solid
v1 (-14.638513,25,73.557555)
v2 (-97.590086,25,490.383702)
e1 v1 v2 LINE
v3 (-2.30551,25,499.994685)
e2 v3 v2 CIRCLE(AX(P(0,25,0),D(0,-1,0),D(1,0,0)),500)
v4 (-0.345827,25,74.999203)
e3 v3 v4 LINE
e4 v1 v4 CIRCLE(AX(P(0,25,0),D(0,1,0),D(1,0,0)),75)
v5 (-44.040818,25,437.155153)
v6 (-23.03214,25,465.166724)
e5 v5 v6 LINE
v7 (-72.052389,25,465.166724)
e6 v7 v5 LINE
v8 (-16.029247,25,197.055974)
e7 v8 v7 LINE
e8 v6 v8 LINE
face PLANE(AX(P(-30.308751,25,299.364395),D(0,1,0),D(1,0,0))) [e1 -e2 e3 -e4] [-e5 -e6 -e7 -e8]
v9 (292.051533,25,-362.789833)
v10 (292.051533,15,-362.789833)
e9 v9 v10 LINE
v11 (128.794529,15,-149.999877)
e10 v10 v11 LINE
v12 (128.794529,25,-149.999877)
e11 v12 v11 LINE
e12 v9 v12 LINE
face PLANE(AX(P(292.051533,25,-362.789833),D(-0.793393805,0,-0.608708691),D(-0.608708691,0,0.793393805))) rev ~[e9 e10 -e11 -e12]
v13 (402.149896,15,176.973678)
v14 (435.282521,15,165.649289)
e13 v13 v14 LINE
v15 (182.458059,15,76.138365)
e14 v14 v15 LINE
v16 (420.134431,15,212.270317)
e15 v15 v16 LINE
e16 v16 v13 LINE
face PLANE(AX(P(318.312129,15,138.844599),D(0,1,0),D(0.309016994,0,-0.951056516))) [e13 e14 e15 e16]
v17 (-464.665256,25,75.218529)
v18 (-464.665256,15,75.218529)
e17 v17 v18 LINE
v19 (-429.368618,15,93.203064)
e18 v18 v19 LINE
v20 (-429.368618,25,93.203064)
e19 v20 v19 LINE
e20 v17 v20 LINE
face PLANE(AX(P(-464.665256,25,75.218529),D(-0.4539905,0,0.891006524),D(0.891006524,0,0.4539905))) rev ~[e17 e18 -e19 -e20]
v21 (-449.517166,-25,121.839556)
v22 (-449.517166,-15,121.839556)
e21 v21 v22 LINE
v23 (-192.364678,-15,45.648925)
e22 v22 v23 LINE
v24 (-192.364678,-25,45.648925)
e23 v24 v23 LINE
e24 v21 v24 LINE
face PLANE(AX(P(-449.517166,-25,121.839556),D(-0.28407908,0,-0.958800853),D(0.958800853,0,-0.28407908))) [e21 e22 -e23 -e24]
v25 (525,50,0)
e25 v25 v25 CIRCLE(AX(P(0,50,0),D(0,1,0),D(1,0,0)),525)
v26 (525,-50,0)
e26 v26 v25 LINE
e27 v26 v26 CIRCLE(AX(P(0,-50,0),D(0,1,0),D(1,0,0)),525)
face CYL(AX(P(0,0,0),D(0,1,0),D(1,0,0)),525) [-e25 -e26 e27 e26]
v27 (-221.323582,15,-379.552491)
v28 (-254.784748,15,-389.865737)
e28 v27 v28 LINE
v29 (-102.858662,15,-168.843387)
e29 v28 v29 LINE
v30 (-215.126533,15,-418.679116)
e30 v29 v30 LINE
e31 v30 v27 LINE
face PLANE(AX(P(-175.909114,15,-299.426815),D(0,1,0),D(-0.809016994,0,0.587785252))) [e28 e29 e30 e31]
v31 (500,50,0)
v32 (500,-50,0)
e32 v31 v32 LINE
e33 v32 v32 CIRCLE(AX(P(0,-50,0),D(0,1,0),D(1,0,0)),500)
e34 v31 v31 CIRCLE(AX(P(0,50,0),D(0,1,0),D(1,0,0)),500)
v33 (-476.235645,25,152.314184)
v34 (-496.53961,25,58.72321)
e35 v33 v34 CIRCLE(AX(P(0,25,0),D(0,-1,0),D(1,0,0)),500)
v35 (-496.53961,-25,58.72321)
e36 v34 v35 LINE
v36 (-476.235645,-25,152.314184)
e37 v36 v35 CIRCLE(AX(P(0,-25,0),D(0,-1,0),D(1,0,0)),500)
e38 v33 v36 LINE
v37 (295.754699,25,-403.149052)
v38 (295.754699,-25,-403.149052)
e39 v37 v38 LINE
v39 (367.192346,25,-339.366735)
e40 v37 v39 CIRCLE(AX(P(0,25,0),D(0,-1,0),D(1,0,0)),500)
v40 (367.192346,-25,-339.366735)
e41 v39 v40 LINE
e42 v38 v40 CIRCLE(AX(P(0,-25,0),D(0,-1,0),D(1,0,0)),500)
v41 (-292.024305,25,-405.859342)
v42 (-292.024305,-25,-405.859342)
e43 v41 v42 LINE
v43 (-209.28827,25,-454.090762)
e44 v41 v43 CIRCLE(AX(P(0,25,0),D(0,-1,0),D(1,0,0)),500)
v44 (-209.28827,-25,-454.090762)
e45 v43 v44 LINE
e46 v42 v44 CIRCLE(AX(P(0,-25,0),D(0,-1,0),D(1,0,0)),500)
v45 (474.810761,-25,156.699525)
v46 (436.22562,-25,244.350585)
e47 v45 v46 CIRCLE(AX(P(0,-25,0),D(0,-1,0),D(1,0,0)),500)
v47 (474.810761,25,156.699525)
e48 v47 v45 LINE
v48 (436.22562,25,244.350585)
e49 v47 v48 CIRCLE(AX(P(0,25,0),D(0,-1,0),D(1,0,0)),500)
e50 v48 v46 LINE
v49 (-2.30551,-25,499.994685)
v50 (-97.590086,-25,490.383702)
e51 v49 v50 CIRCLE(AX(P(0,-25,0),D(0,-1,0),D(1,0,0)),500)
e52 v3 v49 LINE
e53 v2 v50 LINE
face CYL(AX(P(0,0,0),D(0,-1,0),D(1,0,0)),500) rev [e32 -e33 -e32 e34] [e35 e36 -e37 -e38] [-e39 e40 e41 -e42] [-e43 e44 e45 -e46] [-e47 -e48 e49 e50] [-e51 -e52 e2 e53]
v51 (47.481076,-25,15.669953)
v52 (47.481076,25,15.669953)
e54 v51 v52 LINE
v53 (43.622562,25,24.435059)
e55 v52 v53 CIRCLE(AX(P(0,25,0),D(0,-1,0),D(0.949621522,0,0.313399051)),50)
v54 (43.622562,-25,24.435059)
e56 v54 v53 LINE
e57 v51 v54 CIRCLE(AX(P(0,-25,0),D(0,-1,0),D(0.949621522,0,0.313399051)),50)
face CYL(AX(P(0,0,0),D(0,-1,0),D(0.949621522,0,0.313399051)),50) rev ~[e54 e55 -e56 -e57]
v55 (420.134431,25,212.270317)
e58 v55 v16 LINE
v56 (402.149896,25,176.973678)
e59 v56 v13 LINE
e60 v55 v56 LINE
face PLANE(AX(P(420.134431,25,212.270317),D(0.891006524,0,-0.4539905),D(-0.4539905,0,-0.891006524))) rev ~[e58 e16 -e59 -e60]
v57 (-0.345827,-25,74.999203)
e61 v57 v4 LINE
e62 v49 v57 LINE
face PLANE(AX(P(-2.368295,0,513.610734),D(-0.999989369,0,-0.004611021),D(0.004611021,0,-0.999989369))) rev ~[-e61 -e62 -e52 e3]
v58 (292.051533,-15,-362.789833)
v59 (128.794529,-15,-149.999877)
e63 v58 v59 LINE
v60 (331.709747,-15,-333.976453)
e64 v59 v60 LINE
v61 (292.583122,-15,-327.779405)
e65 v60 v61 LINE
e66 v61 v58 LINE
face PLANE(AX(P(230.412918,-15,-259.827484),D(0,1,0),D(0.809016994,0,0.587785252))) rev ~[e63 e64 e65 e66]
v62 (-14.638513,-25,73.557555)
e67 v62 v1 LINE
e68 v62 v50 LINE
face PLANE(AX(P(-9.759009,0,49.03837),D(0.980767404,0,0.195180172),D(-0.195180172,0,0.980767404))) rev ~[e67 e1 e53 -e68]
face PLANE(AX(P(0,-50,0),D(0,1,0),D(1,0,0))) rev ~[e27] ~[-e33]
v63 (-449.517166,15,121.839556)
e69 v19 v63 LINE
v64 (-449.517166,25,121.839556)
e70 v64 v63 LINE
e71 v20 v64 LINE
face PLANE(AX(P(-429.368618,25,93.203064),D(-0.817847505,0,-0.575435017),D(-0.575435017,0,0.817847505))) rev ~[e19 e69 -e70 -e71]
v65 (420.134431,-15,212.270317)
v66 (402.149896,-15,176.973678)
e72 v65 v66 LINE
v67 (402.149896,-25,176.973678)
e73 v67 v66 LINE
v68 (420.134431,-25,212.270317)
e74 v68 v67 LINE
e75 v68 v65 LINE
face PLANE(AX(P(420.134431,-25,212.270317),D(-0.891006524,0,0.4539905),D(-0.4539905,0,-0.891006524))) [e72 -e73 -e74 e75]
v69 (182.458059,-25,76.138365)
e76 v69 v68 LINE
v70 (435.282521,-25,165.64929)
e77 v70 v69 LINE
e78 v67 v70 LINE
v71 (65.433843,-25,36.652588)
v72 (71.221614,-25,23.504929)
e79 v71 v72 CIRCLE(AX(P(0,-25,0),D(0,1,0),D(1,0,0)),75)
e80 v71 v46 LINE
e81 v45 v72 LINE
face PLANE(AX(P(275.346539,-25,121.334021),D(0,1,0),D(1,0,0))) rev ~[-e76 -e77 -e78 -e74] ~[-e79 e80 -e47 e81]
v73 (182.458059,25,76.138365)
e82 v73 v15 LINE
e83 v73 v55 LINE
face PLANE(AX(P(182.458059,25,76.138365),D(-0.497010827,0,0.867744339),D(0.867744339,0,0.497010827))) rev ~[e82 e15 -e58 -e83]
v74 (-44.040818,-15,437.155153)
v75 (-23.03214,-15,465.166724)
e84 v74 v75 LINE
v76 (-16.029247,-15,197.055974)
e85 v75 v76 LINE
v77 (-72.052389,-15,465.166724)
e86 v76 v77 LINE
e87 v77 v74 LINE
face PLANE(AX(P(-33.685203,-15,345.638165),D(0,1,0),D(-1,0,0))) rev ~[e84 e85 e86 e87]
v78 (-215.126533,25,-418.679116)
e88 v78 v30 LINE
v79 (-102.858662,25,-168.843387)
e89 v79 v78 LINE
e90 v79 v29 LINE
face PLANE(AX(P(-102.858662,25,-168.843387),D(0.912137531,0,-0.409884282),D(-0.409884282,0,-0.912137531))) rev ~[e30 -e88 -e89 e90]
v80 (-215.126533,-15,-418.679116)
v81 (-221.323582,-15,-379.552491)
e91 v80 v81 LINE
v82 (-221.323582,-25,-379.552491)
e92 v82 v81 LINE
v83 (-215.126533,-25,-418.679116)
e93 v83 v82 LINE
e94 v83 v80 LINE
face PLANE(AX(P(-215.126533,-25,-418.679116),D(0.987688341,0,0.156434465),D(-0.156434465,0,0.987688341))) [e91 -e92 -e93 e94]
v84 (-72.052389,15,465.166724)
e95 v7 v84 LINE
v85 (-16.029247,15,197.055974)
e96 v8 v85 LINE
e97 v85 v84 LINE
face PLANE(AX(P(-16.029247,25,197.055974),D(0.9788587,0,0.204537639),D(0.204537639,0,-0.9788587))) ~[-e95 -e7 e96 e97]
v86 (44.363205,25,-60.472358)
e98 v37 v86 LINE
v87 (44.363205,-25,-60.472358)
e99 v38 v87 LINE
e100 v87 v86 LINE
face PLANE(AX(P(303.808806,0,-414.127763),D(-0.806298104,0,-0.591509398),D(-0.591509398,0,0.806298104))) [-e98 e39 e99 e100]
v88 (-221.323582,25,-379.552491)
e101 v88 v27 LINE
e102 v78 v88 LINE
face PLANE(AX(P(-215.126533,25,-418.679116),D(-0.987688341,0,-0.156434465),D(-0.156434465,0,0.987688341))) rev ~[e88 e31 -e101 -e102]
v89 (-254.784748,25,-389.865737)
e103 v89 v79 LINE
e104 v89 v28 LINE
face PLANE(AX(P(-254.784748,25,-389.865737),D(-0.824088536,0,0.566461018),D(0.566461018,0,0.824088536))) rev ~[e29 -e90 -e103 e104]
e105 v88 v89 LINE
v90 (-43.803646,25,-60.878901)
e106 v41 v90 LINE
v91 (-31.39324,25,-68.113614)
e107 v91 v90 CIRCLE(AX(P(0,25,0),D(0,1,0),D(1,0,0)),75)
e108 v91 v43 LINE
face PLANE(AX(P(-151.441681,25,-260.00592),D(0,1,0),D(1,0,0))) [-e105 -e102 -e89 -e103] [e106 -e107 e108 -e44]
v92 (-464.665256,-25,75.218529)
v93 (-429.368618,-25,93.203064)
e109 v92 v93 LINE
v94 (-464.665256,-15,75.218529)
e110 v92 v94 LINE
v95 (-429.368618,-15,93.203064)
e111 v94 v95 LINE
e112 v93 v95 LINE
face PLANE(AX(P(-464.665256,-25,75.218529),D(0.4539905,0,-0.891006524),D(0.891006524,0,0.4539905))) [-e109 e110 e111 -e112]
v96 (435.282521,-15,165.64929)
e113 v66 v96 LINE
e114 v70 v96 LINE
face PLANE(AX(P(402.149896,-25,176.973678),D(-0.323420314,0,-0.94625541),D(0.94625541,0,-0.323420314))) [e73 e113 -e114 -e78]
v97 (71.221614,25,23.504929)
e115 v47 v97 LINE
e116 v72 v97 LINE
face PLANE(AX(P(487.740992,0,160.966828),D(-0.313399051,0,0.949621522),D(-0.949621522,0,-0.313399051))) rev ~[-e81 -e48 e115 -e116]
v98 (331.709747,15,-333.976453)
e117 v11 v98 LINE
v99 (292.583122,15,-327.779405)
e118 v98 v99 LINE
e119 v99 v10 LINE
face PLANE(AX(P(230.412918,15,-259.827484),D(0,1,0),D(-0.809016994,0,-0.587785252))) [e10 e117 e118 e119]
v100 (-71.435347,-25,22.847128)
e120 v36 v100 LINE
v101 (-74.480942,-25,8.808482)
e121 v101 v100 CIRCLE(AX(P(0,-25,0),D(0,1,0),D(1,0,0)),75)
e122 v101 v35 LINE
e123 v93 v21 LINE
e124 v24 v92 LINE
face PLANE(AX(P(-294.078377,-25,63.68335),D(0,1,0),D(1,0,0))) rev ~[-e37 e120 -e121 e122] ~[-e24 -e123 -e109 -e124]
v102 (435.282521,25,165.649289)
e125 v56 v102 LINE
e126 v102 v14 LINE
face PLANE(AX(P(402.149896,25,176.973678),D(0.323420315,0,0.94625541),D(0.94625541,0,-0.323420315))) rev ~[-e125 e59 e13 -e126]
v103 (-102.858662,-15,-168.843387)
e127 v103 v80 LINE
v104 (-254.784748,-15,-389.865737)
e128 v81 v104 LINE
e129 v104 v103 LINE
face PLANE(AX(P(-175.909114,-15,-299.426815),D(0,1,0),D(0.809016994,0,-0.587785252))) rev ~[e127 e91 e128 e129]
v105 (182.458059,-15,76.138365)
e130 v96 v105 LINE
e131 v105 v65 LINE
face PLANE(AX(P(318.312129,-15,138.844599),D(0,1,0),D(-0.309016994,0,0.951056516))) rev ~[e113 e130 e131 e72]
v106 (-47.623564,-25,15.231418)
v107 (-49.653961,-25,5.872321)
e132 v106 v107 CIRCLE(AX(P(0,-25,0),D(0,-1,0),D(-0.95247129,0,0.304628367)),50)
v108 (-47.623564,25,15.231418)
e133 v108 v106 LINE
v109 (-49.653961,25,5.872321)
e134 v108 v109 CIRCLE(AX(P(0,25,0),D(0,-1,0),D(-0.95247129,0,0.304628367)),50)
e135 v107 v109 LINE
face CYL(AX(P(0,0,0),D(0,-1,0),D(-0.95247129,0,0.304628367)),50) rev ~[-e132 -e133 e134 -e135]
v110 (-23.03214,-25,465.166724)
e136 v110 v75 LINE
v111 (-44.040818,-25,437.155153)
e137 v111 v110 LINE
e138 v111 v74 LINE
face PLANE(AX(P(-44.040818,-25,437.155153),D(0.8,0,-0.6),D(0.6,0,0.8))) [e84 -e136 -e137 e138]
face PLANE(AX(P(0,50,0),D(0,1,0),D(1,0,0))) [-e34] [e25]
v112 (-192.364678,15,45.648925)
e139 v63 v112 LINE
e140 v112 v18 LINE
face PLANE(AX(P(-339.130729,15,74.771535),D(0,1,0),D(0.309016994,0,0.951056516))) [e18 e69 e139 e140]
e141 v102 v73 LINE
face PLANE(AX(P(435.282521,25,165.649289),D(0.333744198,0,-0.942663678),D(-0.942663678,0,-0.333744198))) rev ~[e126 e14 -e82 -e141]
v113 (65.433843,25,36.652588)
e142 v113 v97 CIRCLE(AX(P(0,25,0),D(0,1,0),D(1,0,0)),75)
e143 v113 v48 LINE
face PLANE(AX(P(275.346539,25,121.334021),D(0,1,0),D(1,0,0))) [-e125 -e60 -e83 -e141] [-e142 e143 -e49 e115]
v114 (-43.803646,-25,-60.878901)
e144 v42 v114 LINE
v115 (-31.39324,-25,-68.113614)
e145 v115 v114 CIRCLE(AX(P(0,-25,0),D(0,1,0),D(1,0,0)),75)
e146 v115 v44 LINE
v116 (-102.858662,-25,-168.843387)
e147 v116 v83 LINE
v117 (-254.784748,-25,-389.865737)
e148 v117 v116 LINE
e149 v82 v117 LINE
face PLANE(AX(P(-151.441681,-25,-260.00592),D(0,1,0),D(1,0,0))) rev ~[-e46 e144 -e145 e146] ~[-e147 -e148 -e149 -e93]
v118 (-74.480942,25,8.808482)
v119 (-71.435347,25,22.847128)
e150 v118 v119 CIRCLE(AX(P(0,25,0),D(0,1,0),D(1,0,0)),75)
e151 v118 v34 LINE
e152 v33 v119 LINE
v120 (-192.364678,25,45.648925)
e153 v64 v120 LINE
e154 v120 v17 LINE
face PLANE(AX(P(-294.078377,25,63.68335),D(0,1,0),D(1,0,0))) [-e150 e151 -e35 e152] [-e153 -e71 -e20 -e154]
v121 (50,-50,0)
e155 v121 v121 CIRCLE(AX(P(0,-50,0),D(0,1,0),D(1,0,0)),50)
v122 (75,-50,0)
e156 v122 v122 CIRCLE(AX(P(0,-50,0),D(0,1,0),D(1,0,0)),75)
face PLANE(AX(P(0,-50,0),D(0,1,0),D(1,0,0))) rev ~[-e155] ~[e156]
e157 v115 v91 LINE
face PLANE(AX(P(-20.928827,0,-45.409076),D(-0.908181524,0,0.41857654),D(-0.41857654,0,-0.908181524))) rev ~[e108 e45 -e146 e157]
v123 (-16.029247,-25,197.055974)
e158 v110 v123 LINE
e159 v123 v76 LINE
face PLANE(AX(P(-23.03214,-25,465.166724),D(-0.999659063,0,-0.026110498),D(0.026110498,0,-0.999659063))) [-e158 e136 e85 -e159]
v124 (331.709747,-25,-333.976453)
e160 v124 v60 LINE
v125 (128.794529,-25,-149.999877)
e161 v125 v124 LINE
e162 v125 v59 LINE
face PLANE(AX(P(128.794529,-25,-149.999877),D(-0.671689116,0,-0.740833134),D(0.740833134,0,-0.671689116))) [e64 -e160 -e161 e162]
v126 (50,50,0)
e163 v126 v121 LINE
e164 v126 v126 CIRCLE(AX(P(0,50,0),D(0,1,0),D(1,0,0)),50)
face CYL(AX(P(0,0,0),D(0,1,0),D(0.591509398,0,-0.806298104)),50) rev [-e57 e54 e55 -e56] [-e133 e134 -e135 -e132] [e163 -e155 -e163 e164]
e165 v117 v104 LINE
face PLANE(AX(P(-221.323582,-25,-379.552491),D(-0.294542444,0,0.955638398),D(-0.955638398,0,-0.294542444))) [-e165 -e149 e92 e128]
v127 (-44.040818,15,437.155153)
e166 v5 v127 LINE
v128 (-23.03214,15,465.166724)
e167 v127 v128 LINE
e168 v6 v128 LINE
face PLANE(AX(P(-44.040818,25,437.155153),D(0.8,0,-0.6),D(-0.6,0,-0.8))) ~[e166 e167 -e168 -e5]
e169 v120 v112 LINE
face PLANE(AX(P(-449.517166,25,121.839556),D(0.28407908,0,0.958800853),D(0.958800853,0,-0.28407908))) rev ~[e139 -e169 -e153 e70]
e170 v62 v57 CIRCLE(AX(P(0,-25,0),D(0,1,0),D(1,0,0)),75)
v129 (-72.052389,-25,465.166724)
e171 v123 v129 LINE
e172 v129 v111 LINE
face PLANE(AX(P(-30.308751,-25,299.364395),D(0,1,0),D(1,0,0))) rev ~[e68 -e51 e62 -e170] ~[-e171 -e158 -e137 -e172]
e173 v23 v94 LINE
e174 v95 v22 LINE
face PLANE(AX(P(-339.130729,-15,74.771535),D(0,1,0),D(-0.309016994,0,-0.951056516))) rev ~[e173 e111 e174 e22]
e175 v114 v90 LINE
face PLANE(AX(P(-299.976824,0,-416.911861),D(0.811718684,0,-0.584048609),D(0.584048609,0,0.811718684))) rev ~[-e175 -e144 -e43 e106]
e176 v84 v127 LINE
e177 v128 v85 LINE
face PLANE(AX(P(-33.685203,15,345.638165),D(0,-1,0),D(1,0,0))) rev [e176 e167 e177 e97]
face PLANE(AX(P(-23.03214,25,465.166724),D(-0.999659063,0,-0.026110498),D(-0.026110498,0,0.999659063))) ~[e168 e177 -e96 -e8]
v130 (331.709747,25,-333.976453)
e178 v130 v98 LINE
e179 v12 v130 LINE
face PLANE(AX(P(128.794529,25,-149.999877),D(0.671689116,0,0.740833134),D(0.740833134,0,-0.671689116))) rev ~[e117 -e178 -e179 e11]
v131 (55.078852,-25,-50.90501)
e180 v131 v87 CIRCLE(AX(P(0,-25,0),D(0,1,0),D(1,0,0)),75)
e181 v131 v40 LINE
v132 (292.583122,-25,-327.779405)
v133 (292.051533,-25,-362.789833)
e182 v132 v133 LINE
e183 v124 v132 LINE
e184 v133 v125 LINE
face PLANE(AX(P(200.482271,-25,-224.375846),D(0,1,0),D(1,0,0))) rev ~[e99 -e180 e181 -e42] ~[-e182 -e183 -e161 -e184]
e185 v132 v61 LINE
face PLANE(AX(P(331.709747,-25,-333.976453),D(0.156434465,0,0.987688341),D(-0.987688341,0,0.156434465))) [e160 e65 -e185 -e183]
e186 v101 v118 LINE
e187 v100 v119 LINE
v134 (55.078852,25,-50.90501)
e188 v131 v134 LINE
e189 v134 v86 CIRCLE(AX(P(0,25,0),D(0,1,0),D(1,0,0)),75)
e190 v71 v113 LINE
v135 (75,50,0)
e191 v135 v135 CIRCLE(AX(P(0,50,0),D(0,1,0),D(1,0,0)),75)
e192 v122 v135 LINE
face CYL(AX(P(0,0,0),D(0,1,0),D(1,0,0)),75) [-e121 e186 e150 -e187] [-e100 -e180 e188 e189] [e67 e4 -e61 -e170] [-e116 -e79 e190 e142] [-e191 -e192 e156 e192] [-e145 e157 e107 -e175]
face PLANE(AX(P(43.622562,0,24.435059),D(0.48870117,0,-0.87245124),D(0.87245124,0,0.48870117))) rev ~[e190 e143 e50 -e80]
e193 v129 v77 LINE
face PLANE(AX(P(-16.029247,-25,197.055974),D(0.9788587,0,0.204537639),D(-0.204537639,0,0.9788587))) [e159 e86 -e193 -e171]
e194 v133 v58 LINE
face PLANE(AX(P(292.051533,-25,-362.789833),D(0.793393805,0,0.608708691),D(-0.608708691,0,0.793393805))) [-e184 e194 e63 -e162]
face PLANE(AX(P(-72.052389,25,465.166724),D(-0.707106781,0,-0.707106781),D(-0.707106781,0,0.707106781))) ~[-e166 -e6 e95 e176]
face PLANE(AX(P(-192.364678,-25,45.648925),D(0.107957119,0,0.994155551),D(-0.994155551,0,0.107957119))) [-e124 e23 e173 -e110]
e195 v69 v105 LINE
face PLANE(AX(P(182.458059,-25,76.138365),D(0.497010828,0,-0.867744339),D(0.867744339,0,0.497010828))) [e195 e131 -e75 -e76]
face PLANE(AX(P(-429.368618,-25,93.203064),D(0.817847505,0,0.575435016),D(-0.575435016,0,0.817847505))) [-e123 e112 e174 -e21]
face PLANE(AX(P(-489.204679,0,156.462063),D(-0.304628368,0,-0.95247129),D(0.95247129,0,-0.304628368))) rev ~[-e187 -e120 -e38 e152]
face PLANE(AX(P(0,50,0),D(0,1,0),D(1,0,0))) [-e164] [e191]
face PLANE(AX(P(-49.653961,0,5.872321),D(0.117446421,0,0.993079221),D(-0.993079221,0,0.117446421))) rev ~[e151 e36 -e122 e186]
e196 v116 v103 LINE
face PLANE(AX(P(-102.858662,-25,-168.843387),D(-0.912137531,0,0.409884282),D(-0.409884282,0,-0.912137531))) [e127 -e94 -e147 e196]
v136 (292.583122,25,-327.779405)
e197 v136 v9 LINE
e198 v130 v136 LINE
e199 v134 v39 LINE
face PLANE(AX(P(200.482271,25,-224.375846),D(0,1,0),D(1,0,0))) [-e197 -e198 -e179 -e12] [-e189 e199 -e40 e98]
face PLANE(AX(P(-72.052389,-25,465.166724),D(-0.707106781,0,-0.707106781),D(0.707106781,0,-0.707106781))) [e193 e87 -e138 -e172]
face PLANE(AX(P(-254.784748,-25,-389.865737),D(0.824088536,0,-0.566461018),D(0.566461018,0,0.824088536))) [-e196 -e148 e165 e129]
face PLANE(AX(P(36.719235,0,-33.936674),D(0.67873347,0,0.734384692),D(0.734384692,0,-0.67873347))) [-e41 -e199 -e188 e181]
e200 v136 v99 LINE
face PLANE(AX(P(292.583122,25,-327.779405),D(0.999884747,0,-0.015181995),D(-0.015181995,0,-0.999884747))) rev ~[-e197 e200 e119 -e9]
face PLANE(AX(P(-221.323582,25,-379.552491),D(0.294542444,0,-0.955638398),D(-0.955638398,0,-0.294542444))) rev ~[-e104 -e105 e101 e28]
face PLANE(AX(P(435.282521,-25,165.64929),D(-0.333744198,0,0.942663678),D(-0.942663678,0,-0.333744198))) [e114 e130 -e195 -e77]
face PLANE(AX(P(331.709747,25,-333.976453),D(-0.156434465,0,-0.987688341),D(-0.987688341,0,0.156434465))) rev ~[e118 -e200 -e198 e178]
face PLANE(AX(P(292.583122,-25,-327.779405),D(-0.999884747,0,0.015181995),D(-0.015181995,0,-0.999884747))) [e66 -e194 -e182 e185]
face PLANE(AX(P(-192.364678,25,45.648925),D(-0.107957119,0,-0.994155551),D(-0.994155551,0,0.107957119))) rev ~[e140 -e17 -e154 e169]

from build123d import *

# Parameters (mm, degrees)
SKETCH_1_R                      = 75
SKETCH_1_R_2                    = 50
EXTRUDE_1_DEPTH                 = 50
SKETCH_2_R                      = 525
SKETCH_2_R_2                    = 500
EXTRUDE_2_DEPTH                 = 50
EXTRUDE_4_DEPTH                 = 25
CUT_EXTRUDE_1_DEPTH             = 10
PATTERN_CIRCULAR_1_COUNT        = 5
PATTERN_CIRCULAR_1_COPY_1_DEPTH = 10
PATTERN_CIRCULAR_1_COPY_2_DEPTH = 10
PATTERN_CIRCULAR_1_COPY_3_DEPTH = 10
PATTERN_CIRCULAR_1_COPY_4_DEPTH = 10


with BuildPart() as part:
    # 草图1 → 凸台-拉伸1 (new body, symmetric)
    with BuildSketch(Plane(origin=(0, 0, 0), x_dir=(1, 0, 0), z_dir=(0, 1, 0))):
        Circle(SKETCH_1_R)
        Circle(SKETCH_1_R_2, mode=Mode.SUBTRACT)
    extrude(amount=EXTRUDE_1_DEPTH, both=True)



with BuildPart() as body_2:
    # 草图2 → 凸台-拉伸2 (new body, symmetric)
    with BuildSketch(Plane(origin=(0, 0, 0), x_dir=(1, 0, 0), z_dir=(0, 1, 0))):
        Circle(SKETCH_2_R)
        Circle(SKETCH_2_R_2, mode=Mode.SUBTRACT)
    extrude(amount=EXTRUDE_2_DEPTH, both=True)


with BuildPart() as part_1:
    add(part.part)

    add(body_2.part)  # 凸台-拉伸4 merges body 2
    # 草图3 → 凸台-拉伸4 (add, symmetric)
    with BuildSketch(Plane(origin=(0, 0, 0), x_dir=(1, 0, 0), z_dir=(0, 1, 0))):
        with BuildLine():
            Line((487.740991927, -160.966827682), (47.481076098, -15.669952538))
            ThreePointArc((47.481076098, -15.669952538), (45.762156741, -20.145098917), (43.622562007, -24.435058502))
            Line((43.622562007, -24.435058502), (449.989958214, -252.06064129))
            Line((449.989958214, -252.06064129), (487.740991927, -160.966827682))
        make_face()
        with BuildLine():
            ThreePointArc((-0.230551046, -49.999468459), (-5.017843464, -49.747575287), (-9.759008616, -49.038370189))
            Line((-9.759008616, -49.038370189), (-100.669371014, -505.856903799))
            Line((-100.669371014, -505.856903799), (-2.368295015, -513.610733921))
            Line((-2.368295015, -513.610733921), (-0.230551046, -49.999468459))
        make_face()
        with BuildLine():
            ThreePointArc((-47.623564481, -15.231418389), (-48.863354552, -10.600593468), (-49.653961028, -5.872321028))
            Line((-49.653961028, -5.872321028), (-512.207051127, -60.576118701))
            Line((-512.207051127, -60.576118701), (-489.204678742, -156.462062868))
            Line((-489.204678742, -156.462062868), (-47.623564481, -15.231418389))
        make_face()
        with BuildLine():
            ThreePointArc((-29.202430469, 40.585934198), (-25.181370454, 43.196048223), (-20.928826975, 45.409076201))
            Line((-20.928826975, 45.409076201), (-215.89199586, 468.418803535))
            Line((-215.89199586, 468.418803535), (-299.976823903, 416.911861118))
            Line((-299.976823903, 416.911861118), (-29.202430469, 40.585934198))
        make_face()
        with BuildLine():
            ThreePointArc((29.575469897, 40.314905189), (33.300411729, 37.29721945), (36.719234612, 33.936673518))
            Line((36.719234612, 33.936673518), (378.778459787, 350.074860255))
            Line((378.778459787, 350.074860255), (303.808805733, 414.127763353))
            Line((303.808805733, 414.127763353), (29.575469897, 40.314905189))
        make_face()
    extrude(amount=EXTRUDE_4_DEPTH, both=True)

    # 草图4 → 切除-拉伸1 (cut)
    with BuildSketch(Plane.XZ.offset(25)):
        Polygon((-72.052388825, 465.166723777), (-44.040818004, 437.155152956), (-23.032139887, 465.166723777), (-16.029247182, 197.055974487), align=None)
    cut_extrude_1 = extrude(amount=-CUT_EXTRUDE_1_DEPTH, mode=Mode.SUBTRACT)

    # 镜向1: 切除-拉伸1 across plane
    add(cut_extrude_1.mirror(Plane.ZX), mode=Mode.SUBTRACT)

    # 阵列(圆周)1: 切除-拉伸1 ×5 about axis
    pattern_circular_1_axis = Axis((0, 0, 0), (0, 1, 0))
    for i in range(1, PATTERN_CIRCULAR_1_COUNT):
        add(cut_extrude_1.rotate(pattern_circular_1_axis, i * 360 / PATTERN_CIRCULAR_1_COUNT), mode=Mode.SUBTRACT)

    # 阵列(圆周)1 copy 1 sketch → 阵列(圆周)1 copy 1 (cut)
    with BuildSketch(Plane(origin=(0, 25, 0), x_dir=(0.309016994, 0, -0.951056516), z_dir=(0, 1, 0))):
        Polygon((-72.052388825, -465.166723777), (-44.040818004, -437.155152956), (-23.032139887, -465.166723777), (-16.029247182, -197.055974487), align=None)
    extrude(amount=-PATTERN_CIRCULAR_1_COPY_1_DEPTH, mode=Mode.SUBTRACT)

    # 阵列(圆周)1 copy 2 sketch → 阵列(圆周)1 copy 2 (cut)
    with BuildSketch(Plane(origin=(0, 25, 0), x_dir=(-0.809016994, 0, -0.587785252), z_dir=(0, 1, 0))):
        Polygon((-72.052388825, -465.166723777), (-44.040818004, -437.155152956), (-23.032139887, -465.166723777), (-16.029247182, -197.055974487), align=None)
    extrude(amount=-PATTERN_CIRCULAR_1_COPY_2_DEPTH, mode=Mode.SUBTRACT)

    # 阵列(圆周)1 copy 3 sketch → 阵列(圆周)1 copy 3 (cut)
    with BuildSketch(Plane(origin=(0, 25, 0), x_dir=(-0.809016994, 0, 0.587785252), z_dir=(0, 1, 0))):
        Polygon((-72.052388825, -465.166723777), (-44.040818004, -437.155152956), (-23.032139887, -465.166723777), (-16.029247182, -197.055974487), align=None)
    extrude(amount=-PATTERN_CIRCULAR_1_COPY_3_DEPTH, mode=Mode.SUBTRACT)

    # 阵列(圆周)1 copy 4 sketch → 阵列(圆周)1 copy 4 (cut)
    with BuildSketch(Plane(origin=(0, 25, 0), x_dir=(0.309016994, 0, 0.951056516), z_dir=(0, 1, 0))):
        Polygon((-72.052388825, -465.166723777), (-44.040818004, -437.155152956), (-23.032139887, -465.166723777), (-16.029247182, -197.055974487), align=None)
    extrude(amount=-PATTERN_CIRCULAR_1_COPY_4_DEPTH, mode=Mode.SUBTRACT)


solid = part_1.part
